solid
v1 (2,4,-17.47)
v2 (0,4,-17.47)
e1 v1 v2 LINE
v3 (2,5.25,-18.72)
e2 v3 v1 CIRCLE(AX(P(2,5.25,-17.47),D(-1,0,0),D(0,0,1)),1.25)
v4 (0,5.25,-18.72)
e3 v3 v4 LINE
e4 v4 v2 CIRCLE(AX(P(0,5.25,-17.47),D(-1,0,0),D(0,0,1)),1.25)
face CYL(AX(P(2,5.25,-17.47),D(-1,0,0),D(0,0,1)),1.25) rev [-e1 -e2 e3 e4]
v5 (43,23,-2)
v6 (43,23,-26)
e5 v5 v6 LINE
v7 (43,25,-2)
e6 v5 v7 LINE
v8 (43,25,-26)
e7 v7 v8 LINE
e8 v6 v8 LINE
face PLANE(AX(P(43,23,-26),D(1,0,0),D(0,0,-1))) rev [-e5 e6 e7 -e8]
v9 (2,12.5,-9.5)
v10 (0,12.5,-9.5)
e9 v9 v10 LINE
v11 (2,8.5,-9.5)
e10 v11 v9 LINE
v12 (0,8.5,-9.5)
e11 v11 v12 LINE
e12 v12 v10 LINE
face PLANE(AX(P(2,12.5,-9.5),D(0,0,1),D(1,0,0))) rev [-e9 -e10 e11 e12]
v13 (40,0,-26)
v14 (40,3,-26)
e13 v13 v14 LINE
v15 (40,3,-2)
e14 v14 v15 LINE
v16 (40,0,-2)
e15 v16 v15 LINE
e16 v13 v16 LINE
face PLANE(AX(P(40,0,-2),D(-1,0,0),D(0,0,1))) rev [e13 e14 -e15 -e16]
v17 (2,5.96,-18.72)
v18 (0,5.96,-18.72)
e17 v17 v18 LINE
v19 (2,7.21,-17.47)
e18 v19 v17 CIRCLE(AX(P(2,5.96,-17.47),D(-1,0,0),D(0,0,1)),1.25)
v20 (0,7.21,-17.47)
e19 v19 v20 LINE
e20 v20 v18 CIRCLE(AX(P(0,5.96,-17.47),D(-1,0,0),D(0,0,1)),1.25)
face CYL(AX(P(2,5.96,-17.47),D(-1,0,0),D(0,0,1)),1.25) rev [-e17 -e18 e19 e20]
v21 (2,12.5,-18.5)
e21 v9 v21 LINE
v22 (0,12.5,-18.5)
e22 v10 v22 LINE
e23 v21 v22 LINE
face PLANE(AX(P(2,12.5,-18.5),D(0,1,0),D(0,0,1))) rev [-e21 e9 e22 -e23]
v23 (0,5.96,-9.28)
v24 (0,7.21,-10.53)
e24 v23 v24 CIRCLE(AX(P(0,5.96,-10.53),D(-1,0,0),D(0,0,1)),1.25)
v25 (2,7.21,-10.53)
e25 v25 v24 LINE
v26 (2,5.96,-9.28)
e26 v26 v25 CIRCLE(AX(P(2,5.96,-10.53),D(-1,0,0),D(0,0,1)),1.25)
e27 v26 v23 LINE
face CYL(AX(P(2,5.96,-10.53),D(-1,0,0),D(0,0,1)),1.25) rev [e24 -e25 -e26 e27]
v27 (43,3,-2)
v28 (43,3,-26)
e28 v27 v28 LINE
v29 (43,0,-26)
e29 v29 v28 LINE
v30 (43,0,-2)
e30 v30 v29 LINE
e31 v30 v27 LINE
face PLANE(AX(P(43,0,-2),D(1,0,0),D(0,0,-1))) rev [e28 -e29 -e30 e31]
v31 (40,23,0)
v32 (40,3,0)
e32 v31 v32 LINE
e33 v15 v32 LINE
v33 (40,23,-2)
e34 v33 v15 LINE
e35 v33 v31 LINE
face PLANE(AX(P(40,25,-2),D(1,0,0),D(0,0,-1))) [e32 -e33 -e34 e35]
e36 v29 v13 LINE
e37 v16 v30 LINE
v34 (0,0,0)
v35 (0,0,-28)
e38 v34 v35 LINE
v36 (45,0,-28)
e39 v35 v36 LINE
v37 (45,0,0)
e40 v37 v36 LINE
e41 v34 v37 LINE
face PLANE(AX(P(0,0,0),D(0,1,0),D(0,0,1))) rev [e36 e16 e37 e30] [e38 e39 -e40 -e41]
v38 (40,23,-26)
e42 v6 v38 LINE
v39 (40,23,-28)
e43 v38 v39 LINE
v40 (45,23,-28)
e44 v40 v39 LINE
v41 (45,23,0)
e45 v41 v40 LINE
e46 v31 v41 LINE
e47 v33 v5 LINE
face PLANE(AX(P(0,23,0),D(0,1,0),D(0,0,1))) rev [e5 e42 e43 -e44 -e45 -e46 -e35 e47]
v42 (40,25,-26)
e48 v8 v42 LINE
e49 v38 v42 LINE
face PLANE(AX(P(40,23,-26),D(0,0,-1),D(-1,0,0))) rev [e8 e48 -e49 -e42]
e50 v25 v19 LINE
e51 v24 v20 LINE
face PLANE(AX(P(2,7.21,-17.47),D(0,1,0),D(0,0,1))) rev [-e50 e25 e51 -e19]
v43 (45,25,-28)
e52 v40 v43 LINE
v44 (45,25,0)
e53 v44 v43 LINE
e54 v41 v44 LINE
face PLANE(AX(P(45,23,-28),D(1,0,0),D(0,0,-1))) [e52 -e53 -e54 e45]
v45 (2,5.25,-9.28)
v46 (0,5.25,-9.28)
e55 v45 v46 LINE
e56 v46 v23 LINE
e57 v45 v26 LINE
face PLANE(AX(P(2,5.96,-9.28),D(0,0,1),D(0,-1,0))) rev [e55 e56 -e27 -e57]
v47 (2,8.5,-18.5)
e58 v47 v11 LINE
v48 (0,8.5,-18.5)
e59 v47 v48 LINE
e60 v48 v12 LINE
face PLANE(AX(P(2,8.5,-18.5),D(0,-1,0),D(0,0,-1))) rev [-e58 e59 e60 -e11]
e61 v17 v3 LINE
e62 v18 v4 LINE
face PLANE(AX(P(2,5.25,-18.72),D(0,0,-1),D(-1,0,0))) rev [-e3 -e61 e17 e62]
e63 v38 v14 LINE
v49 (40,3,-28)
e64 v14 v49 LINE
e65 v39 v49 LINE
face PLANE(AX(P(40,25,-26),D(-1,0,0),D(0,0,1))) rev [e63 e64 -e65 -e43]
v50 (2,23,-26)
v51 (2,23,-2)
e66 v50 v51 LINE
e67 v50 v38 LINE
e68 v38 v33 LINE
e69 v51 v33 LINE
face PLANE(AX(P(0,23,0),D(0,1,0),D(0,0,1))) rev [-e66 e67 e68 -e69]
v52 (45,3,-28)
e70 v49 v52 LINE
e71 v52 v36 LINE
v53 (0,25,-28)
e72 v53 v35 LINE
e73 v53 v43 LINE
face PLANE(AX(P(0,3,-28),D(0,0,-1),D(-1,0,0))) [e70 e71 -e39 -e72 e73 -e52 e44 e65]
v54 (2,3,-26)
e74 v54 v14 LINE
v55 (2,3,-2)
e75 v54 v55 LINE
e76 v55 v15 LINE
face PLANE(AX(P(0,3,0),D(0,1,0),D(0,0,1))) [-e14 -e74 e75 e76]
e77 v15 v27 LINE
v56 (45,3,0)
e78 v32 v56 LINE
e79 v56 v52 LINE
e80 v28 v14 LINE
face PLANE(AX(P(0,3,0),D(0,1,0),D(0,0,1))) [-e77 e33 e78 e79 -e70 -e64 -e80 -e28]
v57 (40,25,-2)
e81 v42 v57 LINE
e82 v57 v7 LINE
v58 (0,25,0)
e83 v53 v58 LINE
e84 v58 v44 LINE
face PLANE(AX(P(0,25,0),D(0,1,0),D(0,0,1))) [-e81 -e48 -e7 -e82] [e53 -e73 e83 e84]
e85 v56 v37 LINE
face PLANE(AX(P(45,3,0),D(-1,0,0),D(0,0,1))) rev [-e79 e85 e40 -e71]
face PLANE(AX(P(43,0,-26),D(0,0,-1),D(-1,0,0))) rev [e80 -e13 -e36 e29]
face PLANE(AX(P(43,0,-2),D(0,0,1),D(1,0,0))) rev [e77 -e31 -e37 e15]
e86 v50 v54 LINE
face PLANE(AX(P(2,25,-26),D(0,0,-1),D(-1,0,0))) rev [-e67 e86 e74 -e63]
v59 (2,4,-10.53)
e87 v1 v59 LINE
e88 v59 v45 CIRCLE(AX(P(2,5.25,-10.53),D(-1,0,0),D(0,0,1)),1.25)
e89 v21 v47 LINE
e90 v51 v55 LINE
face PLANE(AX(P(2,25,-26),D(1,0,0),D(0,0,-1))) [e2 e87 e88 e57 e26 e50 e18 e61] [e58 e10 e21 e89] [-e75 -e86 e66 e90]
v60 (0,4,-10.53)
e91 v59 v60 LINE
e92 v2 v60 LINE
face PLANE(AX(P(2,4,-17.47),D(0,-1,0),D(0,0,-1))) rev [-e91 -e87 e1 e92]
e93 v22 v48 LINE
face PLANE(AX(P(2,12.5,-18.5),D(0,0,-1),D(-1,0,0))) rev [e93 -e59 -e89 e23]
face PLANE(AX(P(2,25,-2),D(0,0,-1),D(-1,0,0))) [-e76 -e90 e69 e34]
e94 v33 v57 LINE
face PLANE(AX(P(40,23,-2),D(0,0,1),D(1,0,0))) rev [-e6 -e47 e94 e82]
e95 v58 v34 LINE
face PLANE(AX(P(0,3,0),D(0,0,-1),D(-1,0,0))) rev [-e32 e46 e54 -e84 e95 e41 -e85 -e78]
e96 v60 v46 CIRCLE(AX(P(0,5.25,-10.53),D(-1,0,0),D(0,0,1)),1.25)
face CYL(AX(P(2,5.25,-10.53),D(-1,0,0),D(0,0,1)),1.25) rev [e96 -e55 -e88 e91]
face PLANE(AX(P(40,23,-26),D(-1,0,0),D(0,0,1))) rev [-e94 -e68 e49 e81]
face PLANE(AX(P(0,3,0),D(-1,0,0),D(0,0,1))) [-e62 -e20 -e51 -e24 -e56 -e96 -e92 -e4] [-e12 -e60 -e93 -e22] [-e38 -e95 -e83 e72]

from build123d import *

# Parameters (mm, degrees)
SKETCH1_W           = 45
SKETCH1_H           = 28
BOSS_EXTRUDE1_DEPTH = 3
BOSS_EXTRUDE2_DEPTH = 22
SKETCH4_W           = 45
SKETCH4_H           = 28
SKETCH4_W_2         = 3
SKETCH4_H_2         = 24
BOSS_EXTRUDE4_DEPTH = 2
SKETCH5_W           = 9
SKETCH5_H           = 4
CUT_EXTRUDE1_DEPTH  = 2
SKETCH6_W           = 3
SKETCH6_H           = 24
CUT_EXTRUDE2_DEPTH  = 3


with BuildPart() as part:
    # Sketch1 → Boss-Extrude1 (new body)
    with BuildSketch(Plane(origin=(0, 0, 0), x_dir=(1, 0, 0), z_dir=(0, 1, 0))):
        with Locations((22.5, 14)):
            Rectangle(SKETCH1_W, SKETCH1_H)
    extrude(amount=BOSS_EXTRUDE1_DEPTH)

    # Sketch2 → Boss-Extrude2 (add)
    with BuildSketch(Plane(origin=(0, 3, 0), x_dir=(1, 0, 0), z_dir=(0, 1, 0))):
        Polygon((40, 26), (40, 28), (0, 28), (0, 0), (40, 0), (40, 2), (2, 2), (2, 26), align=None)
    extrude(amount=BOSS_EXTRUDE2_DEPTH)

    # Sketch4 → Boss-Extrude4 (add)
    with BuildSketch(Plane(origin=(0, 25, 0), x_dir=(1, 0, 0), z_dir=(0, 1, 0))):
        with Locations((22.5, 14)):
            Rectangle(SKETCH4_W, SKETCH4_H)
        with Locations((41.5, 14)):
            Rectangle(SKETCH4_W_2, SKETCH4_H_2, mode=Mode.SUBTRACT)
    extrude(amount=-BOSS_EXTRUDE4_DEPTH)

    # Sketch5 → Cut-Extrude1 (cut)
    with BuildSketch(Plane.ZY):
        with BuildLine():
            Line((-18.72, 5.25), (-18.72, 5.96))
            ThreePointArc((-18.72, 5.96), (-18.353883476, 6.843883476), (-17.47, 7.21))
            Line((-17.47, 7.21), (-10.53, 7.21))
            ThreePointArc((-10.53, 7.21), (-9.646116524, 6.843883476), (-9.28, 5.96))
            Line((-9.28, 5.96), (-9.28, 5.25))
            ThreePointArc((-9.28, 5.25), (-9.646116524, 4.366116524), (-10.53, 4))
            Line((-10.53, 4), (-17.47, 4))
            ThreePointArc((-17.47, 4), (-18.353883476, 4.366116524), (-18.72, 5.25))
        make_face()
        with Locations((-14, 10.5)):
            Rectangle(SKETCH5_W, SKETCH5_H)
    extrude(amount=-CUT_EXTRUDE1_DEPTH, mode=Mode.SUBTRACT)

    # Sketch6 → Cut-Extrude2 (cut)
    with BuildSketch(Plane(origin=(0, 3, 0), x_dir=(1, 0, 0), z_dir=(0, 1, 0))):
        with Locations((41.5, 14)):
            Rectangle(SKETCH6_W, SKETCH6_H)
    extrude(amount=-CUT_EXTRUDE2_DEPTH, mode=Mode.SUBTRACT)


solid = part.part
